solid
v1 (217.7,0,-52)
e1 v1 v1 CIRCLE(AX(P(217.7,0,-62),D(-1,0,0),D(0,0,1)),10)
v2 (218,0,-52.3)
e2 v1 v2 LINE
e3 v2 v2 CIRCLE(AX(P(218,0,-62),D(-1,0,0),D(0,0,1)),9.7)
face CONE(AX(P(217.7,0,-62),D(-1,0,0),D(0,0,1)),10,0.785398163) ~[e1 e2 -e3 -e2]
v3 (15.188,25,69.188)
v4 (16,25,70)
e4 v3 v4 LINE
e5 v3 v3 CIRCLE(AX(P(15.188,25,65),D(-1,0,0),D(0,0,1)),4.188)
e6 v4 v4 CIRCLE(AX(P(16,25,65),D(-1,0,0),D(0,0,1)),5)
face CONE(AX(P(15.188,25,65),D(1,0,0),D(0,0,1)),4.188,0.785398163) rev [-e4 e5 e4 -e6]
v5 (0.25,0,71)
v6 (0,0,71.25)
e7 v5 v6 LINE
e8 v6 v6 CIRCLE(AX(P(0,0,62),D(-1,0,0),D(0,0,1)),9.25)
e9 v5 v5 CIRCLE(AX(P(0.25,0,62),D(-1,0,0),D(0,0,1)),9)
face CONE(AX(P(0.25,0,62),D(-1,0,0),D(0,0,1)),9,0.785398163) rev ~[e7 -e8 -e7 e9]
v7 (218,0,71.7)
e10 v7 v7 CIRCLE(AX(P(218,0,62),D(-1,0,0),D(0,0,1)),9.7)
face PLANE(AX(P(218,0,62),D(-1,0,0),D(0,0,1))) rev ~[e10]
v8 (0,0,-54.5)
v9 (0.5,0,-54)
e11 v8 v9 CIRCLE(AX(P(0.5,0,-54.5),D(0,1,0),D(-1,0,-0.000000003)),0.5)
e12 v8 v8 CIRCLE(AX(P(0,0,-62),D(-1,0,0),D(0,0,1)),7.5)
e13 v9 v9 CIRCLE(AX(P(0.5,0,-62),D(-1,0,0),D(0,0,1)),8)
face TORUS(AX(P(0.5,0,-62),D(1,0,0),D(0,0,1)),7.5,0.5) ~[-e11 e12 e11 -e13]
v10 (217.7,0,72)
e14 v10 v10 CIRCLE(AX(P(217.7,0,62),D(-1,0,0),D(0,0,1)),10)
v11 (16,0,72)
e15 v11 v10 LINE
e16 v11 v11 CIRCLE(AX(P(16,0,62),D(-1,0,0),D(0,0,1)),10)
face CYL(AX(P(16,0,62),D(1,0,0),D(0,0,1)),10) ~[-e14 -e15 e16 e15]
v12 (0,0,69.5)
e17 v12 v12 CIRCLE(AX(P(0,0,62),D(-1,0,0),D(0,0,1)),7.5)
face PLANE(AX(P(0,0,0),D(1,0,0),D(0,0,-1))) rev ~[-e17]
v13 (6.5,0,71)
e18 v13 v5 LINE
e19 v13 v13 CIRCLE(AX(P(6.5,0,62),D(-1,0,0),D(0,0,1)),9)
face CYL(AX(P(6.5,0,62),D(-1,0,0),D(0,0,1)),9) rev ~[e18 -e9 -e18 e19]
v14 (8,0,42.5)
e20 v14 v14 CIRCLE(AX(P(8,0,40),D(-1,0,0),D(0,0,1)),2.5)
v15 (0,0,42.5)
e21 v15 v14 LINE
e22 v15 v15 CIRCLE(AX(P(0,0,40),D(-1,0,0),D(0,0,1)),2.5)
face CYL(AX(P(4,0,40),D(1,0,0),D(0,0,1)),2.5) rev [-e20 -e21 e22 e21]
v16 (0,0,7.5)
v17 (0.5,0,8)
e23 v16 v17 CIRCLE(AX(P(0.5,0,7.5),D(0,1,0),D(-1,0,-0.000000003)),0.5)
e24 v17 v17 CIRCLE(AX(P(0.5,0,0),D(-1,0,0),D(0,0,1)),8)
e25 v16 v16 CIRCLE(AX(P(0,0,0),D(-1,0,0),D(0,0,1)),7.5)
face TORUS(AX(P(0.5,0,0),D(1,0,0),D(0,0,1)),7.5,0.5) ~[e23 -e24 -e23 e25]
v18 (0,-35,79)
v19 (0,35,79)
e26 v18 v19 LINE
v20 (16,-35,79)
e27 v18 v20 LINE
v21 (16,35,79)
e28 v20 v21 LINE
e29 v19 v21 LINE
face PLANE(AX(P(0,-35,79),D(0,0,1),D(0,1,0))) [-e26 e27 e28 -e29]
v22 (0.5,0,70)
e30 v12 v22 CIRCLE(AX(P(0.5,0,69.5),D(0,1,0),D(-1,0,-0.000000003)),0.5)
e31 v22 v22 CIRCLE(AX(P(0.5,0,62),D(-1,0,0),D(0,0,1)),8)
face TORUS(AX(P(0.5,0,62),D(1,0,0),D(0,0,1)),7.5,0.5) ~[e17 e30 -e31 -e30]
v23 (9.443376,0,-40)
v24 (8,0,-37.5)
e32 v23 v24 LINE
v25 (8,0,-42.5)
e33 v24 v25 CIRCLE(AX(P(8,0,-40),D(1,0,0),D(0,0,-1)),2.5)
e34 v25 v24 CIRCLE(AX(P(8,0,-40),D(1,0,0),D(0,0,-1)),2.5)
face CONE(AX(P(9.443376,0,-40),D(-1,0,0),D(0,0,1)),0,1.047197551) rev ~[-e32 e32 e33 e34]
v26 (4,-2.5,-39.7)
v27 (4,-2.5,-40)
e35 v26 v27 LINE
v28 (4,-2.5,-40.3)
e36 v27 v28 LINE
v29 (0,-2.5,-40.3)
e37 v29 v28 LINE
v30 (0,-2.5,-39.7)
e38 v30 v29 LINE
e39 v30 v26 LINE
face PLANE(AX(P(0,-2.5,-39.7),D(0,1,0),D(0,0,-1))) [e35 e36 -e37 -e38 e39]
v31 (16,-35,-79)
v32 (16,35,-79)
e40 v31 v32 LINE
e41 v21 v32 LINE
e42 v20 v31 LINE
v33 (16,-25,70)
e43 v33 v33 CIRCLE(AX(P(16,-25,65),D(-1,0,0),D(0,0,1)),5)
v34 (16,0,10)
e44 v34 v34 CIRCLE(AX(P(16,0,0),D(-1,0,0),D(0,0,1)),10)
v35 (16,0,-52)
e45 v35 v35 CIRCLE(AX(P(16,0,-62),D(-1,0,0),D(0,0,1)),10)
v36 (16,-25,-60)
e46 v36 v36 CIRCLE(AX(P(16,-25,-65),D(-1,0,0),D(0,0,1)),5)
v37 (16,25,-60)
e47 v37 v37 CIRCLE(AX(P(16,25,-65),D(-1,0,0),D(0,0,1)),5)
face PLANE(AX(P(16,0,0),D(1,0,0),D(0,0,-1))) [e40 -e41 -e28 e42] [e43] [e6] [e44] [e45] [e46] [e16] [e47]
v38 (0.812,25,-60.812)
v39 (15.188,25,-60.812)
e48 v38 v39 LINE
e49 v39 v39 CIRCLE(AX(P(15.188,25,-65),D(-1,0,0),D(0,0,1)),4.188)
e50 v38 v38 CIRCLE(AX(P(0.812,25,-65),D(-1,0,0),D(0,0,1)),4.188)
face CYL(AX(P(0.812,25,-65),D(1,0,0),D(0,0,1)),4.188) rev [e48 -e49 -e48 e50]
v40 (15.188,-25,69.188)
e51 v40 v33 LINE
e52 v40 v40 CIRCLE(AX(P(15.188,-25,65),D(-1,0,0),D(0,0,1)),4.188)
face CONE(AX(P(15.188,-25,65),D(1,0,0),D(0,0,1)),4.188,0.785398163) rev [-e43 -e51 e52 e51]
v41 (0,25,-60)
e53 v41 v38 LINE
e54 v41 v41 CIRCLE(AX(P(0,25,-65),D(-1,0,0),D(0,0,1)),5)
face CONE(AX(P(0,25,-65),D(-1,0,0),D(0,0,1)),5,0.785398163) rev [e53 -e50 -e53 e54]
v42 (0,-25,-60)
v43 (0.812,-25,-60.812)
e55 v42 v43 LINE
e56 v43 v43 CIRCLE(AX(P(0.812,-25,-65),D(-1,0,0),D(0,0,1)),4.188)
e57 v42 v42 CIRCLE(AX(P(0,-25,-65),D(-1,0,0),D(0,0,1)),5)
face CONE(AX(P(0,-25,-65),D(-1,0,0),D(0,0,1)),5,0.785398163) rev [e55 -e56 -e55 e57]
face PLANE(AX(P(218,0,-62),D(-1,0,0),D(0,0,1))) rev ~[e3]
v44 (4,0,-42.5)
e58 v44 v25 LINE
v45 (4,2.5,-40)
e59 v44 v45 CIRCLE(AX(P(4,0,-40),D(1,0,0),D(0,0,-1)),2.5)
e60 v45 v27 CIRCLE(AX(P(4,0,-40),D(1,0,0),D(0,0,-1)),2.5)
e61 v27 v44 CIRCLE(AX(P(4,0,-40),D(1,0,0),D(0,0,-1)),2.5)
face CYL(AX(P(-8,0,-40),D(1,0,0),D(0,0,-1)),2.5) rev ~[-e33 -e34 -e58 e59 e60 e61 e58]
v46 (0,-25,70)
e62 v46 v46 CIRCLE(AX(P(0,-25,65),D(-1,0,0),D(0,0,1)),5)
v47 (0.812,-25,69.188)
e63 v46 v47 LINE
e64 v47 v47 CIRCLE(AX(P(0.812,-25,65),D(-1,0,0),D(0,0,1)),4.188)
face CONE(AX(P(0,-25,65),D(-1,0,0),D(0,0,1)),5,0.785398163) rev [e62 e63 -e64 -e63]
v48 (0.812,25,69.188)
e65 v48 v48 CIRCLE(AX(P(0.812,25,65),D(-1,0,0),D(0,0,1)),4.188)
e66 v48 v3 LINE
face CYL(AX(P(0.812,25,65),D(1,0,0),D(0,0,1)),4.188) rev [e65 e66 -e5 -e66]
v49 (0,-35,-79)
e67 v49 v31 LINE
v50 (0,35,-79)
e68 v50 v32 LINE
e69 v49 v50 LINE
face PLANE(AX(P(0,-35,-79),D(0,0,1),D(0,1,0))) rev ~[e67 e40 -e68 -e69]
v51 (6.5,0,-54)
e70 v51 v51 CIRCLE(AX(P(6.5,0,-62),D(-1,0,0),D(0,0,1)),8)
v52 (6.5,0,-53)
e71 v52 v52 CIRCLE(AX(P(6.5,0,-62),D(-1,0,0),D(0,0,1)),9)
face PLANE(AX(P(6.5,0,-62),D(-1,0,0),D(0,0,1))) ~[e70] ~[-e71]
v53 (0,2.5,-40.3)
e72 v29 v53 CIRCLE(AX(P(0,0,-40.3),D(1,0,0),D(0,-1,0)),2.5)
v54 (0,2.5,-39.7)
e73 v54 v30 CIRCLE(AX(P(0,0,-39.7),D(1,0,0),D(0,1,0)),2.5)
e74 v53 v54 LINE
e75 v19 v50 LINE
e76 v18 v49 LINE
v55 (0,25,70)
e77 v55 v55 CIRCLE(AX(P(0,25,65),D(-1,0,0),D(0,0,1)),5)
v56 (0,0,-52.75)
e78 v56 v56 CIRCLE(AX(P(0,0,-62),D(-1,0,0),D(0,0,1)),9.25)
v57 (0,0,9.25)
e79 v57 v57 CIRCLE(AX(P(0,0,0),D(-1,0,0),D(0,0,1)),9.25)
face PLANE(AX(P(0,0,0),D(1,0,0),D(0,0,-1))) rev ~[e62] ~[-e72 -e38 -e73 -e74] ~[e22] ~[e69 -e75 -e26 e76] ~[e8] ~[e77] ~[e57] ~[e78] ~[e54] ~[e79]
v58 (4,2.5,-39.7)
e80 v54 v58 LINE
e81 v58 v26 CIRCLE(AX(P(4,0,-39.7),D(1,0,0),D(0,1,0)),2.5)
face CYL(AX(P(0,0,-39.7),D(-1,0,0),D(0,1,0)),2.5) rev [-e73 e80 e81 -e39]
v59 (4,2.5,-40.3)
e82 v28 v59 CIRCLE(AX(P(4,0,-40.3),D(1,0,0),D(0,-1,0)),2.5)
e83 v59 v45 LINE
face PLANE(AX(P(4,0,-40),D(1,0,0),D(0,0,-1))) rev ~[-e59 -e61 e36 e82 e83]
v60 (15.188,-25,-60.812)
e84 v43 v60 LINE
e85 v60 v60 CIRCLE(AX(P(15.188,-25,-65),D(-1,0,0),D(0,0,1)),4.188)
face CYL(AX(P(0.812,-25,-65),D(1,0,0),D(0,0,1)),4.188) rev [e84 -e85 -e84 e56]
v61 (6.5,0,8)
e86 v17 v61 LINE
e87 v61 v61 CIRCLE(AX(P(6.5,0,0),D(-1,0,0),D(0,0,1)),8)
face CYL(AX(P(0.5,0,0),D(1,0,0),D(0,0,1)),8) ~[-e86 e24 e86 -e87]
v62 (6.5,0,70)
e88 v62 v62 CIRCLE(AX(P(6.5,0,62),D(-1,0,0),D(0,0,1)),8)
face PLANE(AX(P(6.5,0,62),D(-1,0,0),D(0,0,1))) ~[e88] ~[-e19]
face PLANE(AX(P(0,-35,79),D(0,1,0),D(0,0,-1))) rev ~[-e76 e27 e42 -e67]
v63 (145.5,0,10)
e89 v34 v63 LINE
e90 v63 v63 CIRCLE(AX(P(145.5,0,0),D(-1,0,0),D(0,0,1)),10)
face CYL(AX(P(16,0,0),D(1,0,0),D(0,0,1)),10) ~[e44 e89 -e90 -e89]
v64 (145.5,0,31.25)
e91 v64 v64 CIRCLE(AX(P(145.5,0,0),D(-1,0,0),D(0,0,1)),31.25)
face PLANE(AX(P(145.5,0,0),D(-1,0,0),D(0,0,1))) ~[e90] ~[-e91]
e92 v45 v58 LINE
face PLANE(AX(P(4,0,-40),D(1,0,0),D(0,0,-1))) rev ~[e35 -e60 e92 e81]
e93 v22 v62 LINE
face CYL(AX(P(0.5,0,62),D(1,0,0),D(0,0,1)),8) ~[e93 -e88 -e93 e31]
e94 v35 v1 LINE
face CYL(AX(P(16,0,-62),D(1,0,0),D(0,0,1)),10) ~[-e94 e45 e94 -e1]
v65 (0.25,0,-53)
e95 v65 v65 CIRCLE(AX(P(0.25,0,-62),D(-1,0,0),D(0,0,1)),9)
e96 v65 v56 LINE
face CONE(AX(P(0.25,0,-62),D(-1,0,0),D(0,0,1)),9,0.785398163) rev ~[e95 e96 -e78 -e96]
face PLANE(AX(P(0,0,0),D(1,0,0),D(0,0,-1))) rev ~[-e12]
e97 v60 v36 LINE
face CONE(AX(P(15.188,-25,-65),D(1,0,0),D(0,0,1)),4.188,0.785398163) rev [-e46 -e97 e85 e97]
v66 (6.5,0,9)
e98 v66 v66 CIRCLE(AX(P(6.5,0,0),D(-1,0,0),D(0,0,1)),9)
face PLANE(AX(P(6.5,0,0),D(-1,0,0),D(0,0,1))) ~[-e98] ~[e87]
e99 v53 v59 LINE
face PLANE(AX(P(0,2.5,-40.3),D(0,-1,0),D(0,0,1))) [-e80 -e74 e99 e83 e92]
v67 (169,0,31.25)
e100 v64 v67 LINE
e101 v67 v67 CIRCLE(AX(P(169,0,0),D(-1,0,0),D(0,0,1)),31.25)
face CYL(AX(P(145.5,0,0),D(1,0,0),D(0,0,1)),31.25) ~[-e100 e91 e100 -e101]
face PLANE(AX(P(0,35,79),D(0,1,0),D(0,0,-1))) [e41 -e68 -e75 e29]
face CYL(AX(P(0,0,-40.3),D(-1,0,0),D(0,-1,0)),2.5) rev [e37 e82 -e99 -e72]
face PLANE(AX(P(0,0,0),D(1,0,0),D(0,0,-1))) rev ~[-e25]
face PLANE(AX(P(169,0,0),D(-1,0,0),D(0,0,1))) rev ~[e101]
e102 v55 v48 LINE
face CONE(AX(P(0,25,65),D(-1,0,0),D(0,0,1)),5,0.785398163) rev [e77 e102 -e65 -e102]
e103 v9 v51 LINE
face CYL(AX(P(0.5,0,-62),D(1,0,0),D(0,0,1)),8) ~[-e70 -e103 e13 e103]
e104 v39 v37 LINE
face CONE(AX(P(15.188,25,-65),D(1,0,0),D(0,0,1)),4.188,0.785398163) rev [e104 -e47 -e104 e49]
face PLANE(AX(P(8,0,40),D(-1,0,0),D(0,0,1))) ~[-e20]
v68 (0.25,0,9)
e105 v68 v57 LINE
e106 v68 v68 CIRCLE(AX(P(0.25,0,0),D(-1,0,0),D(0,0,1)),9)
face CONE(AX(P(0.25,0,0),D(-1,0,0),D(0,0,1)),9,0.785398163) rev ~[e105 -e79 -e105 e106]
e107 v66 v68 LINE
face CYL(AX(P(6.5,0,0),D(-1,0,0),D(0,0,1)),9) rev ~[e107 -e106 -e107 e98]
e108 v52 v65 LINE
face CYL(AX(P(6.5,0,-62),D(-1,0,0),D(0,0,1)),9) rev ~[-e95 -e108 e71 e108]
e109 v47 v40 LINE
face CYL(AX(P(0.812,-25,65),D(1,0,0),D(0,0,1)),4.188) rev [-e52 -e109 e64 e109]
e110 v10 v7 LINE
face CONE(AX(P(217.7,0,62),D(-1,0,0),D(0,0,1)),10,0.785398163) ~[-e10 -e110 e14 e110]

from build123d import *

# Parameters (mm, degrees)
SKETCH_1_W                  = 158
SKETCH_1_H                  = 70
EXTRUDE_1_DEPTH             = 16
PATTERN_LINEAR_1_COUNT      = 3
PATTERN_LINEAR_1_PITCH      = 62
PATTERN_LINEAR_2_COUNT      = 2
PATTERN_LINEAR_2_PITCH      = 130
PATTERN_LINEAR_2_COUNT_DIR2 = 2
PATTERN_LINEAR_2_PITCH_DIR2 = 50
SKETCH_9_W                  = 8
SKETCH_9_H                  = 2.5
HOLE_WIZARD_1_D             = 5
HOLE_WIZARD_1_DEPTH         = 8
HOLE_WIZARD_1_TIP           = 1.443375673
CUT_EXTRUDE_1_DEPTH         = 4


with BuildPart() as part:
    # 草图1 → 凸台-拉伸1 (new body)
    with BuildSketch(Plane(origin=(0, 0, 0), x_dir=(0, 0, -1), z_dir=(1, 0, 0))):
        Rectangle(SKETCH_1_W, SKETCH_1_H)
    extrude(amount=EXTRUDE_1_DEPTH)

    # 草图2 → 切除-旋转1 (revolve, cut)
    with BuildSketch(Plane.XY.offset(62)):
        with BuildLine():
            Line((0, 9.25), (0, 7.5))
            ThreePointArc((0, 7.5), (0.146446609, 7.853553391), (0.5, 8))
            Line((0.5, 8), (6.5, 8))
            Line((6.5, 8), (6.5, 9))
            Line((6.5, 9), (0.25, 9))
            Line((0.25, 9), (0, 9.25))
        make_face()
    cut_revolve_1 = revolve(axis=Axis((6.5, 0, 62), (-1, 0, 0)), mode=Mode.SUBTRACT)

    # 阵列(线性)1: 切除-旋转1 ×3
    with Locations(*[(0, 0, -i * PATTERN_LINEAR_1_PITCH) for i in range(1, PATTERN_LINEAR_1_COUNT)]):
        add(cut_revolve_1, mode=Mode.SUBTRACT)

    # 草图4 → 旋转1 (revolve)
    with BuildSketch(Plane.XY):
        Polygon((16, 0), (16, 10), (145.5, 10), (145.5, 31.25), (169, 31.25), (169, 0), align=None)
    revolve(axis=Axis((169, 0, 0), (-1, 0, 0)))

    # 草图5 → 旋转2 (revolve)
    with BuildSketch(Plane.XY.offset(62)):
        Polygon((16, 0), (16, 10), (217.7, 10), (218, 9.7), (218, 0), align=None)
    revolve(axis=Axis((218, 0, 62), (-1, 0, 0)))

    # 草图6 → 旋转3 (revolve)
    with BuildSketch(Plane.XY.offset(-62)):
        Polygon((16, 0), (16, 10), (217.7, 10), (218, 9.7), (218, 0), align=None)
    revolve(axis=Axis((218, 0, -62), (-1, 0, 0)))

    # 草图7 → 切除-旋转2 (revolve, cut)
    with BuildSketch(Plane.XY.offset(65)):
        Polygon((0, -25), (0, -20), (0.812, -20.812), (15.188, -20.812), (16, -20), (16, -25), align=None)
    cut_revolve_2 = revolve(axis=Axis((16, -25, 65), (-1, 0, 0)), mode=Mode.SUBTRACT)

    # 阵列(线性)2: Cut-Revolve 2 2 × 2
    with Locations(*[(0, j * PATTERN_LINEAR_2_PITCH_DIR2, -i * PATTERN_LINEAR_2_PITCH) for i in range(PATTERN_LINEAR_2_COUNT) for j in range(PATTERN_LINEAR_2_COUNT_DIR2) if (i, j) != (0, 0)]):
        add(cut_revolve_2, mode=Mode.SUBTRACT)

    # 草图9 → 切除-旋转3 (revolve, cut)
    with BuildSketch(Plane.XY.offset(40)):
        with Locations((4, 1.25)):
            Rectangle(SKETCH_9_W, SKETCH_9_H)
    revolve(axis=Axis((8, 0, 40), (-1, 0, 0)), mode=Mode.SUBTRACT)

    # 孔1
    with Locations(Plane.ZY):
        with Locations((-40, 0)):
            Hole(HOLE_WIZARD_1_D / 2, depth=HOLE_WIZARD_1_DEPTH)
            with Locations((0, 0, -(HOLE_WIZARD_1_DEPTH + HOLE_WIZARD_1_TIP / 2))):  # 120° drill point
                Cone(0, HOLE_WIZARD_1_D / 2, HOLE_WIZARD_1_TIP, mode=Mode.SUBTRACT)

    # 草图12 → 切除-拉伸1 (cut)
    with BuildSketch(Plane(origin=(0, 0, 0), x_dir=(0, 0, -1), z_dir=(1, 0, 0))):
        with BuildLine():
            Line((39.7, -2.5), (40.3, -2.5))
            ThreePointArc((40.3, -2.5), (42.8, 0), (40.3, 2.5))
            Line((40.3, 2.5), (39.7, 2.5))
            ThreePointArc((39.7, 2.5), (37.2, 0), (39.7, -2.5))
        make_face()
    extrude(amount=CUT_EXTRUDE_1_DEPTH, mode=Mode.SUBTRACT)


solid = part.part
